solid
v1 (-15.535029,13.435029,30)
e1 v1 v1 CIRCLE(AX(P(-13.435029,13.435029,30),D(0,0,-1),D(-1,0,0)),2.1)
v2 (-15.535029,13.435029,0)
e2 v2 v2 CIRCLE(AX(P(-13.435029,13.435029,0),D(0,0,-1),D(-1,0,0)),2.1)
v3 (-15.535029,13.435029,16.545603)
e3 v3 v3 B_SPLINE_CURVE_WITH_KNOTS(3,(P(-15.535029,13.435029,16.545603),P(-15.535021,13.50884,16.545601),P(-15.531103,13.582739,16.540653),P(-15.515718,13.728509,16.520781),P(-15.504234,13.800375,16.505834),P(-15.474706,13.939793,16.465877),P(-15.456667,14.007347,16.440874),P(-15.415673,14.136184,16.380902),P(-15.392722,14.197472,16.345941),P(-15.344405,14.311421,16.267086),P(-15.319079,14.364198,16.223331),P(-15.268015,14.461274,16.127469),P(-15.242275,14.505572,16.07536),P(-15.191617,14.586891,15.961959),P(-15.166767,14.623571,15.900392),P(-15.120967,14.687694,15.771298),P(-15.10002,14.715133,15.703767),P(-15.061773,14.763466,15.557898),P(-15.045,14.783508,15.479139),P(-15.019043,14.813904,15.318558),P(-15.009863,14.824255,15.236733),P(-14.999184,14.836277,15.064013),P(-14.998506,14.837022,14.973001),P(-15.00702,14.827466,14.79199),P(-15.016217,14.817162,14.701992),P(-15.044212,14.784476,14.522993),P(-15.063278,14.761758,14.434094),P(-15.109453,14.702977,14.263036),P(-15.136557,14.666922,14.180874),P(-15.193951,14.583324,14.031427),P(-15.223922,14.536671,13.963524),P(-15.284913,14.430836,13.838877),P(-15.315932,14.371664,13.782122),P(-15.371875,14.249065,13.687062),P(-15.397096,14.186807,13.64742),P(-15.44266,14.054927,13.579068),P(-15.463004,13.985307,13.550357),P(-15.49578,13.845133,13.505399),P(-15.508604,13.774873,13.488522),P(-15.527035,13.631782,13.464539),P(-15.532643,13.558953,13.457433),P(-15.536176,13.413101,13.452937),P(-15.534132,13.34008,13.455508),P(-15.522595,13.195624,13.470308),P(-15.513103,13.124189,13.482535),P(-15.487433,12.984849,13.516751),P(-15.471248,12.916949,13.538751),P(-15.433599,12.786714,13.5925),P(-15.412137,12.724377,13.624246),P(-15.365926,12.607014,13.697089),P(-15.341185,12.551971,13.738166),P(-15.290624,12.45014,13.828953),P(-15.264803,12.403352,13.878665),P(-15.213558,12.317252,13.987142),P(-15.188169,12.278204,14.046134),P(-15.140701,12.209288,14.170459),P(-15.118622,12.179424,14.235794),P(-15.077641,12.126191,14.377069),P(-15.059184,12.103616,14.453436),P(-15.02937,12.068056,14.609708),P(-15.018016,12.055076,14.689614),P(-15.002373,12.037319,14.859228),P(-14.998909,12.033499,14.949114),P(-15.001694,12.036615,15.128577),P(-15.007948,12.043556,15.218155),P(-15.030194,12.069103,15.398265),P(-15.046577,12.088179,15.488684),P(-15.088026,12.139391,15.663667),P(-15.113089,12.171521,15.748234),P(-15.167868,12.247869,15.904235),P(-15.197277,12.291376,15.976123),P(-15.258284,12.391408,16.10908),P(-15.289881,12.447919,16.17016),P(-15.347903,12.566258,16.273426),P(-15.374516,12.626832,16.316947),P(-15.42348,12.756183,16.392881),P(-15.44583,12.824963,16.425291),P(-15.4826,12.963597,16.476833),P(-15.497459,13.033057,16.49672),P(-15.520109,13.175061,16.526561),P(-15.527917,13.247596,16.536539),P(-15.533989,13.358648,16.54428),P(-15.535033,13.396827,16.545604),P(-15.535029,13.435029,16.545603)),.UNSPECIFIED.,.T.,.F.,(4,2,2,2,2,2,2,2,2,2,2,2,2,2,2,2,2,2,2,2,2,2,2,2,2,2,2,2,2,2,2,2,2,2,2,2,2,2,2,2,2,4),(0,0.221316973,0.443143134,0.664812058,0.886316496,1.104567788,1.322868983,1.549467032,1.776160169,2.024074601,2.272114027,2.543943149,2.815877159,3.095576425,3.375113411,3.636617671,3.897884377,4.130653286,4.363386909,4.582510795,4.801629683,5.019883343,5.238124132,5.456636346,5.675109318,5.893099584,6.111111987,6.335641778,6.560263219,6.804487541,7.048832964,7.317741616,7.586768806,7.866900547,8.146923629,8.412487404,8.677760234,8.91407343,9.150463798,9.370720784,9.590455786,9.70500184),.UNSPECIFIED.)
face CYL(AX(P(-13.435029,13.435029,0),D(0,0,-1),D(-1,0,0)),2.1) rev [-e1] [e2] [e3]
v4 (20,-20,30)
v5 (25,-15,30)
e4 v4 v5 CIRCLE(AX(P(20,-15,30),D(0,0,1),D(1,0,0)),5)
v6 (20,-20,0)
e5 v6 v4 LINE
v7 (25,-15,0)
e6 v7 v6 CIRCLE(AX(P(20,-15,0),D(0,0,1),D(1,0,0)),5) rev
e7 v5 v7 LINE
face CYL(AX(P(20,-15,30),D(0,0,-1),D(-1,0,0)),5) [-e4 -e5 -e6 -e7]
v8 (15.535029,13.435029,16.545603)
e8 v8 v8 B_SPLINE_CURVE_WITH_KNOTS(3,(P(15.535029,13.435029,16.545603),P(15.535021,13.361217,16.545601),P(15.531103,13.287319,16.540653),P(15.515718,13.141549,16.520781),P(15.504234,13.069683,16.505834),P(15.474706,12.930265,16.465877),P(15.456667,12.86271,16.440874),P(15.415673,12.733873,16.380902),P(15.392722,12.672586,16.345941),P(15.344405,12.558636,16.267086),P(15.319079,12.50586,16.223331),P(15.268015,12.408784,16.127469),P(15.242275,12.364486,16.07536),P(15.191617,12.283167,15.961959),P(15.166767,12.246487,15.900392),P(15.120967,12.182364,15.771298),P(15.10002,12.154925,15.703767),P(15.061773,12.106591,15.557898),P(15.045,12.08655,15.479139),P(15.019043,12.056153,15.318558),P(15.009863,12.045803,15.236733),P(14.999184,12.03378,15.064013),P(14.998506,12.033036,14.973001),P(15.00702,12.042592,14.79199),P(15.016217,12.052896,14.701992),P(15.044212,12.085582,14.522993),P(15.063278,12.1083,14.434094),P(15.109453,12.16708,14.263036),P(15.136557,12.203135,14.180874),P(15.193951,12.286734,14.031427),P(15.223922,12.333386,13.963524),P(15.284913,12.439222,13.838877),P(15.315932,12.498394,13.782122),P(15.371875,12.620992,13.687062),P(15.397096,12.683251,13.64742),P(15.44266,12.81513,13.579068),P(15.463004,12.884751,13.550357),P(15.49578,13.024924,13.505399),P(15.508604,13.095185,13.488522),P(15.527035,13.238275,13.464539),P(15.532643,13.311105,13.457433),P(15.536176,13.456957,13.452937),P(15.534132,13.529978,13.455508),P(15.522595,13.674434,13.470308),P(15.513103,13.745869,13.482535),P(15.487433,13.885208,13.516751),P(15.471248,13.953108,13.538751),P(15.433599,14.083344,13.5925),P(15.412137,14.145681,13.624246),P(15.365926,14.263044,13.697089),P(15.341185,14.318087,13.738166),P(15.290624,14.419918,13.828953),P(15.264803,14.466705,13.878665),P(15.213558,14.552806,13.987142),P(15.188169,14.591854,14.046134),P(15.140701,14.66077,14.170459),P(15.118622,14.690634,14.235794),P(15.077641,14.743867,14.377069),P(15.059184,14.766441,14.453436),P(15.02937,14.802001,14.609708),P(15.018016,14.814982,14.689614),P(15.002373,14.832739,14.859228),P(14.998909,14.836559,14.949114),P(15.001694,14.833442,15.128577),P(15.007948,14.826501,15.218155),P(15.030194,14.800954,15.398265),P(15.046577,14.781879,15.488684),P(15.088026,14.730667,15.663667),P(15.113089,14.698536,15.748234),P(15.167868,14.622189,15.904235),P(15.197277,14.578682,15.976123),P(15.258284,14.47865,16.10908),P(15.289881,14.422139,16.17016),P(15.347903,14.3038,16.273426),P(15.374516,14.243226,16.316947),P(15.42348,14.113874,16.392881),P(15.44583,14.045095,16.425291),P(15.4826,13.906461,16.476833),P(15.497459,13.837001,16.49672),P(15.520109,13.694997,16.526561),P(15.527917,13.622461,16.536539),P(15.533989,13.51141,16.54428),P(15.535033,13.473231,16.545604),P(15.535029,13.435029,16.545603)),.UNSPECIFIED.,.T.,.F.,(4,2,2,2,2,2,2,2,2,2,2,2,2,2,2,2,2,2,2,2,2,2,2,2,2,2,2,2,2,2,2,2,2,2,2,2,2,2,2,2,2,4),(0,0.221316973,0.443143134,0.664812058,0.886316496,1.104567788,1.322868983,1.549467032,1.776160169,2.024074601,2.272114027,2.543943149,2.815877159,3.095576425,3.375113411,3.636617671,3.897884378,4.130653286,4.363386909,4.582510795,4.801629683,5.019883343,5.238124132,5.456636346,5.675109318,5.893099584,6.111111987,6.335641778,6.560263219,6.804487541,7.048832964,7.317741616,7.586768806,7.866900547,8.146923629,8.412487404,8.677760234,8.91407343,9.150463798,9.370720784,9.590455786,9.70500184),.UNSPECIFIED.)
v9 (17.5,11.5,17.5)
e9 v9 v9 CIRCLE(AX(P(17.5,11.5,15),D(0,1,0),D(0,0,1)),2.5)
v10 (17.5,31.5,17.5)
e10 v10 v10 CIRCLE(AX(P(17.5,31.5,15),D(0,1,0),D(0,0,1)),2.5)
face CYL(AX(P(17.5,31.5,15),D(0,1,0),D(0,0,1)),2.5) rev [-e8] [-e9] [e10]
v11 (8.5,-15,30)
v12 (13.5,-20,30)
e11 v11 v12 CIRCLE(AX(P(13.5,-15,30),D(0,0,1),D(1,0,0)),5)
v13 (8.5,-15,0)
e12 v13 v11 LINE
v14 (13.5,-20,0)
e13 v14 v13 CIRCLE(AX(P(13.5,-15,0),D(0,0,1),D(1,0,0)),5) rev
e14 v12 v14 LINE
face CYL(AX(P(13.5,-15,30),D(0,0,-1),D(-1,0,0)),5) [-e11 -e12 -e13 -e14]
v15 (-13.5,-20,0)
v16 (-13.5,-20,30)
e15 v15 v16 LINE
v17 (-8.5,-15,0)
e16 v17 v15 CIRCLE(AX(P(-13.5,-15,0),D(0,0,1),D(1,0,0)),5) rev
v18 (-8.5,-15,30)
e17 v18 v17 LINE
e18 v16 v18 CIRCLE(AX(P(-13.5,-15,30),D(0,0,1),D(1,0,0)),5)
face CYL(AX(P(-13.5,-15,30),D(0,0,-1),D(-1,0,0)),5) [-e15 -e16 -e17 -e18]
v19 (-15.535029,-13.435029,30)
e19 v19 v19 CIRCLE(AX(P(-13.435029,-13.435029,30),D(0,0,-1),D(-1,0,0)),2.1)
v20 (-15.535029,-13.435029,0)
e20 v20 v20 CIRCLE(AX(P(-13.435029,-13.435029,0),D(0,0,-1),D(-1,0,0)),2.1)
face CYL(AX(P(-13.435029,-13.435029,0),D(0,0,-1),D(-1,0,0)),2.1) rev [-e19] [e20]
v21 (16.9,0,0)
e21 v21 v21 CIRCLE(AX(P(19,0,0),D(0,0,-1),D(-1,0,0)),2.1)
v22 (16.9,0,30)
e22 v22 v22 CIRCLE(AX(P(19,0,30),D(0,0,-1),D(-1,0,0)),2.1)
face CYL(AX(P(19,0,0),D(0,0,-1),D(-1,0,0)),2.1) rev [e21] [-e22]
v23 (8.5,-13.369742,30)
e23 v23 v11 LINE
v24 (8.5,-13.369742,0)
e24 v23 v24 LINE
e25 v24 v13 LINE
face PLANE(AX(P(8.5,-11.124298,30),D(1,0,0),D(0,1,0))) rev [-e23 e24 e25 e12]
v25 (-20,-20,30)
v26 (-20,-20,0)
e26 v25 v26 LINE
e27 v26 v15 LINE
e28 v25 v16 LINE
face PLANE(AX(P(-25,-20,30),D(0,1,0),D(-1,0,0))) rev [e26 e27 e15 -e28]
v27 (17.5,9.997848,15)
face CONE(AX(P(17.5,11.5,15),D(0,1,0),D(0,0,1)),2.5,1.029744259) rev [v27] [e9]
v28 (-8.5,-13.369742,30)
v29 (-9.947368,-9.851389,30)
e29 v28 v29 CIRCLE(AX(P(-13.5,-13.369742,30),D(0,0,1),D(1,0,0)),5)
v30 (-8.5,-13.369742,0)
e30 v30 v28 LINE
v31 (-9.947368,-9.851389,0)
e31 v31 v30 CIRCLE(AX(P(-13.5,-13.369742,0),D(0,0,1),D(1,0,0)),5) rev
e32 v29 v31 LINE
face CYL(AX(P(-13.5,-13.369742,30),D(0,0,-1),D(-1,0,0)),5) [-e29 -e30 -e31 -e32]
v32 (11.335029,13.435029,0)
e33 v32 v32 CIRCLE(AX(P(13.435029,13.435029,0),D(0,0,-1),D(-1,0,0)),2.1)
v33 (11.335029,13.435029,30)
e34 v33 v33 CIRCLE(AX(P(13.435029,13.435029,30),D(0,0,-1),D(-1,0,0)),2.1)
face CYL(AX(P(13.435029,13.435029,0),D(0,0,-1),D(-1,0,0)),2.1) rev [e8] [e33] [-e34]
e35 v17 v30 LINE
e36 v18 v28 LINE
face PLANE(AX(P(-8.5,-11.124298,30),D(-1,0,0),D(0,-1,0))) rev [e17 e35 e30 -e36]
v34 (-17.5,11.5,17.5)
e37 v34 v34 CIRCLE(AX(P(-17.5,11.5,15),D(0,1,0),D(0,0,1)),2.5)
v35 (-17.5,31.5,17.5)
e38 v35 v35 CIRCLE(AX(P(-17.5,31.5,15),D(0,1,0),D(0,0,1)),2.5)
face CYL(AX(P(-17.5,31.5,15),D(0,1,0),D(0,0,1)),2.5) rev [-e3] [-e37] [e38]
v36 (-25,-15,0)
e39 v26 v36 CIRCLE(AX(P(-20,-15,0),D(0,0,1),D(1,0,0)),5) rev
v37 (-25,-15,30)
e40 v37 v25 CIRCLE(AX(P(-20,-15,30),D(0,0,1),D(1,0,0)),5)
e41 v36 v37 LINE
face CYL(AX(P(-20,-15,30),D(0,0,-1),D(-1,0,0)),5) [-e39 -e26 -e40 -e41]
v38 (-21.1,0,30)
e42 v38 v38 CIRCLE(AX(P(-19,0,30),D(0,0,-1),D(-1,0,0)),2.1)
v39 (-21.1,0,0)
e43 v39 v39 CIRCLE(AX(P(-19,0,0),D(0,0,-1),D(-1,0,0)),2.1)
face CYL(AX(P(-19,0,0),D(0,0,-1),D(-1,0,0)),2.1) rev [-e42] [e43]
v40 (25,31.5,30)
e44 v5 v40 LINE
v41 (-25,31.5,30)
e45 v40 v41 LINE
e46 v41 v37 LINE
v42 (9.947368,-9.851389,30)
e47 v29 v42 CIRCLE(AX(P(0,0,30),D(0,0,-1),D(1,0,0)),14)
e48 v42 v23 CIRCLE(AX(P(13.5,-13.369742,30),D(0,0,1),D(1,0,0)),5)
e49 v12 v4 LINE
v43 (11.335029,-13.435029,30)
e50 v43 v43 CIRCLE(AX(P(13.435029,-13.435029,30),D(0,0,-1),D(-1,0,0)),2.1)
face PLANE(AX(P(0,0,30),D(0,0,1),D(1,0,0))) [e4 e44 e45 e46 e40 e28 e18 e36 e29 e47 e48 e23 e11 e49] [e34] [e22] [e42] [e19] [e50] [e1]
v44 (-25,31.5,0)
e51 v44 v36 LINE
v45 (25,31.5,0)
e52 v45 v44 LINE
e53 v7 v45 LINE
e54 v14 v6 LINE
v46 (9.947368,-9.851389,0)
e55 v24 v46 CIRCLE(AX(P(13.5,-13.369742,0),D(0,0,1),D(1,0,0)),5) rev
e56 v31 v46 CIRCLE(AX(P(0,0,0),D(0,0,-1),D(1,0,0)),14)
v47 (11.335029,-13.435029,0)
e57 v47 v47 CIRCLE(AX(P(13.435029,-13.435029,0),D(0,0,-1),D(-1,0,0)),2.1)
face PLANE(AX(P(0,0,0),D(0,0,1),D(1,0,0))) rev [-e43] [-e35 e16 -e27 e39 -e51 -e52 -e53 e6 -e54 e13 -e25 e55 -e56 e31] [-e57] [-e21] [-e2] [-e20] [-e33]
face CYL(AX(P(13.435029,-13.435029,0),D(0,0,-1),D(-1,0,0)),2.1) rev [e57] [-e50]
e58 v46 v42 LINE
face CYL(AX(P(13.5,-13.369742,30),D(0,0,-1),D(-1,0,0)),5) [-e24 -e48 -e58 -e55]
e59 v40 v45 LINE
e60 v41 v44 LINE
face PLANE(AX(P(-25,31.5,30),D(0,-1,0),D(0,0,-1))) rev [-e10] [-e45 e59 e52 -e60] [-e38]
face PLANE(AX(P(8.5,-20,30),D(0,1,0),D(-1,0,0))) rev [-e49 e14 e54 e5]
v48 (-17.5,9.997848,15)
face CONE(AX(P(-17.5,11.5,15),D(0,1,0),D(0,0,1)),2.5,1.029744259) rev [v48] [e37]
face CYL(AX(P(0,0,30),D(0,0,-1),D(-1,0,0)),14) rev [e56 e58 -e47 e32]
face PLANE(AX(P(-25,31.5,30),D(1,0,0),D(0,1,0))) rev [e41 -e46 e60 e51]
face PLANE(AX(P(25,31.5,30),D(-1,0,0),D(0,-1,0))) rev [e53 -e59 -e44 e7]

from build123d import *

# Parameters (mm, degrees)
EXTRUDE1_DEPTH        = 30
FILLET1_R             = 5
M5_TAPPED_HOLE1_D     = 4.2
M6_TAPPED_HOLE1_D     = 5
M6_TAPPED_HOLE1_DEPTH = 20
M6_TAPPED_HOLE1_TIP   = 1.502151548


with BuildPart() as part:
    # Sketch1 → Extrude1 (new body)
    with BuildSketch(Plane.XY):
        with BuildLine():
            Line((-25, 31.5), (25, 31.5))
            Line((25, 31.5), (25, -20))
            Line((25, -20), (8.5, -20))
            Line((8.5, -20), (8.5, -11.124297731))
            ThreePointArc((8.5, -11.124297731), (0, 14), (-8.5, -11.124297731))
            Line((-8.5, -11.124297731), (-8.5, -20))
            Line((-8.5, -20), (-25, -20))
            Line((-25, -20), (-25, 31.5))
        make_face()
    extrude(amount=EXTRUDE1_DEPTH)

    # Fillet1
    fillet1_edges = [part.edges().sort_by_distance(p)[0] for p in [
        (-8.5, -20, 15),
        (-25, -20, 15),
        (25, -20, 15),
        (8.5, -20, 15),
        (8.5, -11.124297731, 15),
        (-8.5, -11.124297731, 15),
    ]]
    fillet(fillet1_edges, radius=FILLET1_R)

    # M5 Tapped Hole1 (through all)
    with Locations(Plane(origin=(0, 0, 0), x_dir=(-1, 0, 0), z_dir=(0, 0, -1))):
        with Locations((-13.435028843, 13.435028843), (13.435028843, 13.435028843), (19, 0), (13.435028843, -13.435028843), (-13.435028843, -13.435028843), (-19, 0)):
            Hole(M5_TAPPED_HOLE1_D / 2)

    # M6 Tapped Hole1
    with Locations(Plane(origin=(0, 31.5, 0), x_dir=(1, 0, 0), z_dir=(0, 1, 0))):
        with Locations((-17.5, -15), (17.5, -15)):
            Hole(M6_TAPPED_HOLE1_D / 2, depth=M6_TAPPED_HOLE1_DEPTH)
            with Locations((0, 0, -(M6_TAPPED_HOLE1_DEPTH + M6_TAPPED_HOLE1_TIP / 2))):  # 118° drill point
                Cone(0, M6_TAPPED_HOLE1_D / 2, M6_TAPPED_HOLE1_TIP, mode=Mode.SUBTRACT)


solid = part.part
